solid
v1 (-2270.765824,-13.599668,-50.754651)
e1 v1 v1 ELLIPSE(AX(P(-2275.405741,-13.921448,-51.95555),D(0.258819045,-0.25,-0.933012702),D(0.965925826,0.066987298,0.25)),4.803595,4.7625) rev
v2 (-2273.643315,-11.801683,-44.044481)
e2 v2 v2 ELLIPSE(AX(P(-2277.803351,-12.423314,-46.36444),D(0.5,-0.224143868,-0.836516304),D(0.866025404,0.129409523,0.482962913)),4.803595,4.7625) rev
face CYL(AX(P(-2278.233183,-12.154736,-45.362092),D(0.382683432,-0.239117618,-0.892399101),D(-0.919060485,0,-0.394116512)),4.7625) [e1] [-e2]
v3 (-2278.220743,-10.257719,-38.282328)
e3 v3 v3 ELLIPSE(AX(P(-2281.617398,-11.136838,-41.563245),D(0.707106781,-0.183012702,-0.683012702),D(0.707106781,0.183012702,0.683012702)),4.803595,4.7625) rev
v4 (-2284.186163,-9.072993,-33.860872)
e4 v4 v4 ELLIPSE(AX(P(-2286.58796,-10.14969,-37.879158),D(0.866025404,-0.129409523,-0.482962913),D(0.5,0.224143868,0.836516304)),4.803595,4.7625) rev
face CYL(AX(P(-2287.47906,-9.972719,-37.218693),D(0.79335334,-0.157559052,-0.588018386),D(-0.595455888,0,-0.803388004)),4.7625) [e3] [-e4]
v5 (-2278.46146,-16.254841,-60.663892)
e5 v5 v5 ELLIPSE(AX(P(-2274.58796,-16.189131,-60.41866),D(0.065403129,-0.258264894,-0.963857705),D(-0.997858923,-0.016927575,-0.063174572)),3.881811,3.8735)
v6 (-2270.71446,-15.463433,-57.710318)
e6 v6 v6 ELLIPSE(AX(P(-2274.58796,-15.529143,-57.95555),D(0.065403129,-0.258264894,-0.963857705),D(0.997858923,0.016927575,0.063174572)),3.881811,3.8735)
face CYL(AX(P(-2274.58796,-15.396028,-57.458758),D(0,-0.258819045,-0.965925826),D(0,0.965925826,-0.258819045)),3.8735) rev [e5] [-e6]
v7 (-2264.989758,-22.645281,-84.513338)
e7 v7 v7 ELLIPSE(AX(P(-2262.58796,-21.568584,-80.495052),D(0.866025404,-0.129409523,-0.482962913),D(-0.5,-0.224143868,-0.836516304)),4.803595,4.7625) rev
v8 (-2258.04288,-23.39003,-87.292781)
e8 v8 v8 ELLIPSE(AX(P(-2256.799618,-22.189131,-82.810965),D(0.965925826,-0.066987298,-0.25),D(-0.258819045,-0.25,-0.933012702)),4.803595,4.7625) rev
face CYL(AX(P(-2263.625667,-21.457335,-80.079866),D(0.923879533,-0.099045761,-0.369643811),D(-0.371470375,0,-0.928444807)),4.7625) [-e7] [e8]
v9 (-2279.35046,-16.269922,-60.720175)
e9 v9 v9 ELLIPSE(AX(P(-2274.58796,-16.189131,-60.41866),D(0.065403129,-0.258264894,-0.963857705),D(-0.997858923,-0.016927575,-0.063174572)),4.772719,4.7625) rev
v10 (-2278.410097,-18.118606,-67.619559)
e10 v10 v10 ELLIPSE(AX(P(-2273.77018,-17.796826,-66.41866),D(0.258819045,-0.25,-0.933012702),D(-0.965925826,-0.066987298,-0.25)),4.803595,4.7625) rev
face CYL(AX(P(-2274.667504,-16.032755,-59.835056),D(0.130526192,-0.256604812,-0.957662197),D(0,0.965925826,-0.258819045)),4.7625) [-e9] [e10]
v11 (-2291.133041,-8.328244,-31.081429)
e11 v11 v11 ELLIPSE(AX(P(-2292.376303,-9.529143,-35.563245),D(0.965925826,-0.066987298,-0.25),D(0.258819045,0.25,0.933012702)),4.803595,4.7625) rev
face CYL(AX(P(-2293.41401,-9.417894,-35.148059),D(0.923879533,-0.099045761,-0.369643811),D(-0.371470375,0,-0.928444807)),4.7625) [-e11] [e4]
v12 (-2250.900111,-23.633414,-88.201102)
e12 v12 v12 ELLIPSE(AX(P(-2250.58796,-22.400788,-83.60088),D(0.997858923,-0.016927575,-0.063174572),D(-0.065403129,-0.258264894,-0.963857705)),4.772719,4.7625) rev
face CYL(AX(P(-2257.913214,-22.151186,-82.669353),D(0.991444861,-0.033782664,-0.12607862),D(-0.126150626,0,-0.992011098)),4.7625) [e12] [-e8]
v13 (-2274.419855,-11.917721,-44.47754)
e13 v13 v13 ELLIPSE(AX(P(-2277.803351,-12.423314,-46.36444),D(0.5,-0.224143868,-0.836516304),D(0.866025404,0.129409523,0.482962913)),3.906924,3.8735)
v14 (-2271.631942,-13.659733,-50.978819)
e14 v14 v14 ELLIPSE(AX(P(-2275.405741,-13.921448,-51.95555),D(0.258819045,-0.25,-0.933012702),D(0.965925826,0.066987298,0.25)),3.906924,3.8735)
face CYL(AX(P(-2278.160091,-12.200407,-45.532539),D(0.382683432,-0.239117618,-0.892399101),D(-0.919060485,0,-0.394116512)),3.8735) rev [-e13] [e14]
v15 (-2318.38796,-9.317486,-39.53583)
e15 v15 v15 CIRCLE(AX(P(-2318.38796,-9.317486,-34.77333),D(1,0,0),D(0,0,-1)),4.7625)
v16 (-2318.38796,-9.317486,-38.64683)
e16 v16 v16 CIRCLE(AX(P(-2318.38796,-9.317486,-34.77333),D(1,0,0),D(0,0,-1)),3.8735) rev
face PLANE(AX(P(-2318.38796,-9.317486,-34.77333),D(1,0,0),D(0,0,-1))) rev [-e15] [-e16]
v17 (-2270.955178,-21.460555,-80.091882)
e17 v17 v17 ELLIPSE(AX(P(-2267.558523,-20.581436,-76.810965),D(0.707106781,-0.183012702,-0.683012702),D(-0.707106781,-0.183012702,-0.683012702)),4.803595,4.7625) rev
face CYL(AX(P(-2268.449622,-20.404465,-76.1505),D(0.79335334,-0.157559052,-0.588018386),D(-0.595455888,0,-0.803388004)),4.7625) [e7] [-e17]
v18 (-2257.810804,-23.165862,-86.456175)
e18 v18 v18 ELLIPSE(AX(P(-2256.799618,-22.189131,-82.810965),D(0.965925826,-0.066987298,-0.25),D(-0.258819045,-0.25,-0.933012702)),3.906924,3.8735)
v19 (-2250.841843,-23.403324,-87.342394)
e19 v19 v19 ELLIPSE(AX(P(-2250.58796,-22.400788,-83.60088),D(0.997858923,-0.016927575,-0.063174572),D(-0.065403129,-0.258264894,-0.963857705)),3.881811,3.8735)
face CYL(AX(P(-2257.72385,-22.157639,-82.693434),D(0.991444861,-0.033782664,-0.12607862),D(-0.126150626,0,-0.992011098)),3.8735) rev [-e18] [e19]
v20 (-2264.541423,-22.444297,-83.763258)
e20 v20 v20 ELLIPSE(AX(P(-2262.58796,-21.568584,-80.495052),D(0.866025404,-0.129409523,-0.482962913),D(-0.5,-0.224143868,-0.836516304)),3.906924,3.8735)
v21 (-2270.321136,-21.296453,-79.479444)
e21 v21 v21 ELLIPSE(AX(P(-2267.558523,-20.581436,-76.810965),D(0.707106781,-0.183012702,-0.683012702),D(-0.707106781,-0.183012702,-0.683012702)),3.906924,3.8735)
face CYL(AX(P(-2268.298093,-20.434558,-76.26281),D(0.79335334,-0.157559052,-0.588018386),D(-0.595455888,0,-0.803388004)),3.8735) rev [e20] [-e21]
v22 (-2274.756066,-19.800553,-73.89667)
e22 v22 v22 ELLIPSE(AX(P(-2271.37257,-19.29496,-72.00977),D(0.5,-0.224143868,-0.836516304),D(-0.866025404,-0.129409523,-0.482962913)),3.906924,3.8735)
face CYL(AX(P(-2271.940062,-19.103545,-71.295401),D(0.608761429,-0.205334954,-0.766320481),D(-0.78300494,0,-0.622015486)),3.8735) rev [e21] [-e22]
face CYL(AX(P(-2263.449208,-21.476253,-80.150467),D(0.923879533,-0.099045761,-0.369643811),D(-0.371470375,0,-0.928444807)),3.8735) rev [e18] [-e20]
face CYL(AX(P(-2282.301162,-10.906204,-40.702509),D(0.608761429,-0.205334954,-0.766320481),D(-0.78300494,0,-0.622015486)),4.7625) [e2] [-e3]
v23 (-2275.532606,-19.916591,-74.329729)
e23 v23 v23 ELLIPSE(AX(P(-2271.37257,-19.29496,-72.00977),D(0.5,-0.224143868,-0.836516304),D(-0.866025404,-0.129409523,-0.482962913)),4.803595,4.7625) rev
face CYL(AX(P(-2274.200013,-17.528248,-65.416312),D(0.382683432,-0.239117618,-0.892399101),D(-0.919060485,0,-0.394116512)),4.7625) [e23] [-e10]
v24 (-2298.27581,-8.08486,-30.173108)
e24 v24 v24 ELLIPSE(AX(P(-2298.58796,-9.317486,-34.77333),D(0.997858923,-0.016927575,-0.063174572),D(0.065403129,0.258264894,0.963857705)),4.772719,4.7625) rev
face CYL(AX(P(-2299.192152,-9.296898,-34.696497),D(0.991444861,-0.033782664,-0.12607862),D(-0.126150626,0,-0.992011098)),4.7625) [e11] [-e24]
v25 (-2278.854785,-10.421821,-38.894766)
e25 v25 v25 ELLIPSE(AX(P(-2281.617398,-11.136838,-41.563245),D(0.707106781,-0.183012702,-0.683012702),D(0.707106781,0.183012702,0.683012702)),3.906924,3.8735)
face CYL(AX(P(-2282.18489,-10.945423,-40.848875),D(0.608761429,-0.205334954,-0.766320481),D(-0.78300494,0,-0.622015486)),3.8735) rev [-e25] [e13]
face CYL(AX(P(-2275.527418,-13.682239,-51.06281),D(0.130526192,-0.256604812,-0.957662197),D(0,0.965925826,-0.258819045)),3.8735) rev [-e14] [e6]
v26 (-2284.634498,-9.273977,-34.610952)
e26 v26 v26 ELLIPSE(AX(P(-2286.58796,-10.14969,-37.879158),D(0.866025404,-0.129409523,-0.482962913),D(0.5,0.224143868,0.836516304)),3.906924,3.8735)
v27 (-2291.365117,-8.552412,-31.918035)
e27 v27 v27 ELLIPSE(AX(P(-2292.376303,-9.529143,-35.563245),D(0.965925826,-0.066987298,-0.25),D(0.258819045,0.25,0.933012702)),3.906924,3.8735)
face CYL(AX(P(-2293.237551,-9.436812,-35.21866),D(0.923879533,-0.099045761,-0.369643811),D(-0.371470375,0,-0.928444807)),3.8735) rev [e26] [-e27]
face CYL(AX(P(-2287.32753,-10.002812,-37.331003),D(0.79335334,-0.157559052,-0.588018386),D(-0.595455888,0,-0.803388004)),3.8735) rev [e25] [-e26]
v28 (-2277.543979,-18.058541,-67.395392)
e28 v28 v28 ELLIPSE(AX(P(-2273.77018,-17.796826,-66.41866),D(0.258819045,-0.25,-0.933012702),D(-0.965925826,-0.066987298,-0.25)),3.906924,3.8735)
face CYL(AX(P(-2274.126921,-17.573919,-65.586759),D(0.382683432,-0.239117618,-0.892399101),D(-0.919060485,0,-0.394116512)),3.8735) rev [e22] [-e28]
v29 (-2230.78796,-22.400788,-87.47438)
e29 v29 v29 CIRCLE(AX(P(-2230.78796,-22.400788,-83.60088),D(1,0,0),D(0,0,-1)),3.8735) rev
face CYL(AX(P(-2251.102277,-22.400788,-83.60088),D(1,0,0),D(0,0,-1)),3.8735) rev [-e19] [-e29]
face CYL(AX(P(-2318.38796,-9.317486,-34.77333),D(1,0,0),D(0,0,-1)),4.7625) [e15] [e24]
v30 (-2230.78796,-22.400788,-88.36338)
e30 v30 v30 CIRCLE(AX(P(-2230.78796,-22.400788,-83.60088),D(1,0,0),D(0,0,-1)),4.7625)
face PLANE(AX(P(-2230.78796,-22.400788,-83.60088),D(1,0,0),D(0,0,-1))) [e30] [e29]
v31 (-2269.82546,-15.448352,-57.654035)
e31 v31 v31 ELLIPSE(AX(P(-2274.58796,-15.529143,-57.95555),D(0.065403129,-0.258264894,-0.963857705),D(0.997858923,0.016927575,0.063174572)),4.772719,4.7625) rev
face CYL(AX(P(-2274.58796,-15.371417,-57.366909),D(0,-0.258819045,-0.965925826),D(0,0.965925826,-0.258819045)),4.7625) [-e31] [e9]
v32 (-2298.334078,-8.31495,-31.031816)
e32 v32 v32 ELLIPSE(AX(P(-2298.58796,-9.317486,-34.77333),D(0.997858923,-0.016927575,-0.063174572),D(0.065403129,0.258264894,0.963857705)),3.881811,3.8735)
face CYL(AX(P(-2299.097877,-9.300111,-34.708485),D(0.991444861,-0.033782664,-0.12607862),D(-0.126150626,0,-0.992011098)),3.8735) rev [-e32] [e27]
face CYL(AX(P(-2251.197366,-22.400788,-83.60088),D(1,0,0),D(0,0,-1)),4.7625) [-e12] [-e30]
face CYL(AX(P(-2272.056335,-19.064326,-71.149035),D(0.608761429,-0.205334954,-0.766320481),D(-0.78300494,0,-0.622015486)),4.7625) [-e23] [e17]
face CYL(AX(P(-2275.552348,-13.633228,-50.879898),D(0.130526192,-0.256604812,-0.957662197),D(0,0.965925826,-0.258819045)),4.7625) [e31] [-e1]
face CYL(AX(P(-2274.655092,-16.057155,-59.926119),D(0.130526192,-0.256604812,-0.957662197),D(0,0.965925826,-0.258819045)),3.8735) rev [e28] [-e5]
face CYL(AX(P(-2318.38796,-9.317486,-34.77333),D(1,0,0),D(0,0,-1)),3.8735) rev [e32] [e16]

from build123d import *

# Parameters (mm, degrees)
PROFILE_R   = 4.7625
PROFILE_R_2 = 3.8735


with BuildPart() as part:
    # Tube: sweep along a curve in space
    with BuildLine() as tube_path:
        Line((-2318.387960479, -9.317485624, -34.773329746), (-2298.587960479, -9.317485624, -34.773329746))
        Line((-2298.587960479, -9.317485624, -34.773329746), (-2292.376303396, -9.529142706, -35.563244732))
        Line((-2292.376303396, -9.529142706, -35.563244732), (-2286.587960479, -10.149689873, -37.879158288))
        Line((-2286.587960479, -10.149689873, -37.879158288), (-2281.61739773, -11.136837861, -41.563244732))
        Line((-2281.61739773, -11.136837861, -41.563244732), (-2277.803350788, -12.423314165, -46.364439662))
        Line((-2277.803350788, -12.423314165, -46.364439662), (-2275.405740648, -13.921447552, -51.955549577))
        Line((-2275.405740648, -13.921447552, -51.955549577), (-2274.587960479, -15.529142706, -57.955549577))
        Line((-2274.587960479, -15.529142706, -57.955549577), (-2274.587960479, -16.189131271, -60.418660434))
        Line((-2274.587960479, -16.189131271, -60.418660434), (-2273.77018031, -17.796826426, -66.418660434))
        Line((-2273.77018031, -17.796826426, -66.418660434), (-2271.37257017, -19.294959812, -72.00977035))
        Line((-2271.37257017, -19.294959812, -72.00977035), (-2267.558523227, -20.581436117, -76.81096528))
        Line((-2267.558523227, -20.581436117, -76.81096528), (-2262.587960479, -21.568584104, -80.495051724))
        Line((-2262.587960479, -21.568584104, -80.495051724), (-2256.799617561, -22.189131271, -82.81096528))
        Line((-2256.799617561, -22.189131271, -82.81096528), (-2250.587960479, -22.400788354, -83.600880265))
        Line((-2250.587960479, -22.400788354, -83.600880265), (-2230.787960479, -22.400788354, -83.600880265))
    # Profile → Tube (sweep)
    with BuildSketch(Plane(origin=(-2318.387960479, 0, 0), x_dir=(0, 0, -1), z_dir=(1, 0, 0))):
        with Locations((34.773329746, -9.317485624)):
            Circle(PROFILE_R)
        with Locations((34.773329746, -9.317485624)):
            Circle(PROFILE_R_2, mode=Mode.SUBTRACT)
    sweep(path=tube_path.line, transition=Transition.RIGHT)


solid = part.part
